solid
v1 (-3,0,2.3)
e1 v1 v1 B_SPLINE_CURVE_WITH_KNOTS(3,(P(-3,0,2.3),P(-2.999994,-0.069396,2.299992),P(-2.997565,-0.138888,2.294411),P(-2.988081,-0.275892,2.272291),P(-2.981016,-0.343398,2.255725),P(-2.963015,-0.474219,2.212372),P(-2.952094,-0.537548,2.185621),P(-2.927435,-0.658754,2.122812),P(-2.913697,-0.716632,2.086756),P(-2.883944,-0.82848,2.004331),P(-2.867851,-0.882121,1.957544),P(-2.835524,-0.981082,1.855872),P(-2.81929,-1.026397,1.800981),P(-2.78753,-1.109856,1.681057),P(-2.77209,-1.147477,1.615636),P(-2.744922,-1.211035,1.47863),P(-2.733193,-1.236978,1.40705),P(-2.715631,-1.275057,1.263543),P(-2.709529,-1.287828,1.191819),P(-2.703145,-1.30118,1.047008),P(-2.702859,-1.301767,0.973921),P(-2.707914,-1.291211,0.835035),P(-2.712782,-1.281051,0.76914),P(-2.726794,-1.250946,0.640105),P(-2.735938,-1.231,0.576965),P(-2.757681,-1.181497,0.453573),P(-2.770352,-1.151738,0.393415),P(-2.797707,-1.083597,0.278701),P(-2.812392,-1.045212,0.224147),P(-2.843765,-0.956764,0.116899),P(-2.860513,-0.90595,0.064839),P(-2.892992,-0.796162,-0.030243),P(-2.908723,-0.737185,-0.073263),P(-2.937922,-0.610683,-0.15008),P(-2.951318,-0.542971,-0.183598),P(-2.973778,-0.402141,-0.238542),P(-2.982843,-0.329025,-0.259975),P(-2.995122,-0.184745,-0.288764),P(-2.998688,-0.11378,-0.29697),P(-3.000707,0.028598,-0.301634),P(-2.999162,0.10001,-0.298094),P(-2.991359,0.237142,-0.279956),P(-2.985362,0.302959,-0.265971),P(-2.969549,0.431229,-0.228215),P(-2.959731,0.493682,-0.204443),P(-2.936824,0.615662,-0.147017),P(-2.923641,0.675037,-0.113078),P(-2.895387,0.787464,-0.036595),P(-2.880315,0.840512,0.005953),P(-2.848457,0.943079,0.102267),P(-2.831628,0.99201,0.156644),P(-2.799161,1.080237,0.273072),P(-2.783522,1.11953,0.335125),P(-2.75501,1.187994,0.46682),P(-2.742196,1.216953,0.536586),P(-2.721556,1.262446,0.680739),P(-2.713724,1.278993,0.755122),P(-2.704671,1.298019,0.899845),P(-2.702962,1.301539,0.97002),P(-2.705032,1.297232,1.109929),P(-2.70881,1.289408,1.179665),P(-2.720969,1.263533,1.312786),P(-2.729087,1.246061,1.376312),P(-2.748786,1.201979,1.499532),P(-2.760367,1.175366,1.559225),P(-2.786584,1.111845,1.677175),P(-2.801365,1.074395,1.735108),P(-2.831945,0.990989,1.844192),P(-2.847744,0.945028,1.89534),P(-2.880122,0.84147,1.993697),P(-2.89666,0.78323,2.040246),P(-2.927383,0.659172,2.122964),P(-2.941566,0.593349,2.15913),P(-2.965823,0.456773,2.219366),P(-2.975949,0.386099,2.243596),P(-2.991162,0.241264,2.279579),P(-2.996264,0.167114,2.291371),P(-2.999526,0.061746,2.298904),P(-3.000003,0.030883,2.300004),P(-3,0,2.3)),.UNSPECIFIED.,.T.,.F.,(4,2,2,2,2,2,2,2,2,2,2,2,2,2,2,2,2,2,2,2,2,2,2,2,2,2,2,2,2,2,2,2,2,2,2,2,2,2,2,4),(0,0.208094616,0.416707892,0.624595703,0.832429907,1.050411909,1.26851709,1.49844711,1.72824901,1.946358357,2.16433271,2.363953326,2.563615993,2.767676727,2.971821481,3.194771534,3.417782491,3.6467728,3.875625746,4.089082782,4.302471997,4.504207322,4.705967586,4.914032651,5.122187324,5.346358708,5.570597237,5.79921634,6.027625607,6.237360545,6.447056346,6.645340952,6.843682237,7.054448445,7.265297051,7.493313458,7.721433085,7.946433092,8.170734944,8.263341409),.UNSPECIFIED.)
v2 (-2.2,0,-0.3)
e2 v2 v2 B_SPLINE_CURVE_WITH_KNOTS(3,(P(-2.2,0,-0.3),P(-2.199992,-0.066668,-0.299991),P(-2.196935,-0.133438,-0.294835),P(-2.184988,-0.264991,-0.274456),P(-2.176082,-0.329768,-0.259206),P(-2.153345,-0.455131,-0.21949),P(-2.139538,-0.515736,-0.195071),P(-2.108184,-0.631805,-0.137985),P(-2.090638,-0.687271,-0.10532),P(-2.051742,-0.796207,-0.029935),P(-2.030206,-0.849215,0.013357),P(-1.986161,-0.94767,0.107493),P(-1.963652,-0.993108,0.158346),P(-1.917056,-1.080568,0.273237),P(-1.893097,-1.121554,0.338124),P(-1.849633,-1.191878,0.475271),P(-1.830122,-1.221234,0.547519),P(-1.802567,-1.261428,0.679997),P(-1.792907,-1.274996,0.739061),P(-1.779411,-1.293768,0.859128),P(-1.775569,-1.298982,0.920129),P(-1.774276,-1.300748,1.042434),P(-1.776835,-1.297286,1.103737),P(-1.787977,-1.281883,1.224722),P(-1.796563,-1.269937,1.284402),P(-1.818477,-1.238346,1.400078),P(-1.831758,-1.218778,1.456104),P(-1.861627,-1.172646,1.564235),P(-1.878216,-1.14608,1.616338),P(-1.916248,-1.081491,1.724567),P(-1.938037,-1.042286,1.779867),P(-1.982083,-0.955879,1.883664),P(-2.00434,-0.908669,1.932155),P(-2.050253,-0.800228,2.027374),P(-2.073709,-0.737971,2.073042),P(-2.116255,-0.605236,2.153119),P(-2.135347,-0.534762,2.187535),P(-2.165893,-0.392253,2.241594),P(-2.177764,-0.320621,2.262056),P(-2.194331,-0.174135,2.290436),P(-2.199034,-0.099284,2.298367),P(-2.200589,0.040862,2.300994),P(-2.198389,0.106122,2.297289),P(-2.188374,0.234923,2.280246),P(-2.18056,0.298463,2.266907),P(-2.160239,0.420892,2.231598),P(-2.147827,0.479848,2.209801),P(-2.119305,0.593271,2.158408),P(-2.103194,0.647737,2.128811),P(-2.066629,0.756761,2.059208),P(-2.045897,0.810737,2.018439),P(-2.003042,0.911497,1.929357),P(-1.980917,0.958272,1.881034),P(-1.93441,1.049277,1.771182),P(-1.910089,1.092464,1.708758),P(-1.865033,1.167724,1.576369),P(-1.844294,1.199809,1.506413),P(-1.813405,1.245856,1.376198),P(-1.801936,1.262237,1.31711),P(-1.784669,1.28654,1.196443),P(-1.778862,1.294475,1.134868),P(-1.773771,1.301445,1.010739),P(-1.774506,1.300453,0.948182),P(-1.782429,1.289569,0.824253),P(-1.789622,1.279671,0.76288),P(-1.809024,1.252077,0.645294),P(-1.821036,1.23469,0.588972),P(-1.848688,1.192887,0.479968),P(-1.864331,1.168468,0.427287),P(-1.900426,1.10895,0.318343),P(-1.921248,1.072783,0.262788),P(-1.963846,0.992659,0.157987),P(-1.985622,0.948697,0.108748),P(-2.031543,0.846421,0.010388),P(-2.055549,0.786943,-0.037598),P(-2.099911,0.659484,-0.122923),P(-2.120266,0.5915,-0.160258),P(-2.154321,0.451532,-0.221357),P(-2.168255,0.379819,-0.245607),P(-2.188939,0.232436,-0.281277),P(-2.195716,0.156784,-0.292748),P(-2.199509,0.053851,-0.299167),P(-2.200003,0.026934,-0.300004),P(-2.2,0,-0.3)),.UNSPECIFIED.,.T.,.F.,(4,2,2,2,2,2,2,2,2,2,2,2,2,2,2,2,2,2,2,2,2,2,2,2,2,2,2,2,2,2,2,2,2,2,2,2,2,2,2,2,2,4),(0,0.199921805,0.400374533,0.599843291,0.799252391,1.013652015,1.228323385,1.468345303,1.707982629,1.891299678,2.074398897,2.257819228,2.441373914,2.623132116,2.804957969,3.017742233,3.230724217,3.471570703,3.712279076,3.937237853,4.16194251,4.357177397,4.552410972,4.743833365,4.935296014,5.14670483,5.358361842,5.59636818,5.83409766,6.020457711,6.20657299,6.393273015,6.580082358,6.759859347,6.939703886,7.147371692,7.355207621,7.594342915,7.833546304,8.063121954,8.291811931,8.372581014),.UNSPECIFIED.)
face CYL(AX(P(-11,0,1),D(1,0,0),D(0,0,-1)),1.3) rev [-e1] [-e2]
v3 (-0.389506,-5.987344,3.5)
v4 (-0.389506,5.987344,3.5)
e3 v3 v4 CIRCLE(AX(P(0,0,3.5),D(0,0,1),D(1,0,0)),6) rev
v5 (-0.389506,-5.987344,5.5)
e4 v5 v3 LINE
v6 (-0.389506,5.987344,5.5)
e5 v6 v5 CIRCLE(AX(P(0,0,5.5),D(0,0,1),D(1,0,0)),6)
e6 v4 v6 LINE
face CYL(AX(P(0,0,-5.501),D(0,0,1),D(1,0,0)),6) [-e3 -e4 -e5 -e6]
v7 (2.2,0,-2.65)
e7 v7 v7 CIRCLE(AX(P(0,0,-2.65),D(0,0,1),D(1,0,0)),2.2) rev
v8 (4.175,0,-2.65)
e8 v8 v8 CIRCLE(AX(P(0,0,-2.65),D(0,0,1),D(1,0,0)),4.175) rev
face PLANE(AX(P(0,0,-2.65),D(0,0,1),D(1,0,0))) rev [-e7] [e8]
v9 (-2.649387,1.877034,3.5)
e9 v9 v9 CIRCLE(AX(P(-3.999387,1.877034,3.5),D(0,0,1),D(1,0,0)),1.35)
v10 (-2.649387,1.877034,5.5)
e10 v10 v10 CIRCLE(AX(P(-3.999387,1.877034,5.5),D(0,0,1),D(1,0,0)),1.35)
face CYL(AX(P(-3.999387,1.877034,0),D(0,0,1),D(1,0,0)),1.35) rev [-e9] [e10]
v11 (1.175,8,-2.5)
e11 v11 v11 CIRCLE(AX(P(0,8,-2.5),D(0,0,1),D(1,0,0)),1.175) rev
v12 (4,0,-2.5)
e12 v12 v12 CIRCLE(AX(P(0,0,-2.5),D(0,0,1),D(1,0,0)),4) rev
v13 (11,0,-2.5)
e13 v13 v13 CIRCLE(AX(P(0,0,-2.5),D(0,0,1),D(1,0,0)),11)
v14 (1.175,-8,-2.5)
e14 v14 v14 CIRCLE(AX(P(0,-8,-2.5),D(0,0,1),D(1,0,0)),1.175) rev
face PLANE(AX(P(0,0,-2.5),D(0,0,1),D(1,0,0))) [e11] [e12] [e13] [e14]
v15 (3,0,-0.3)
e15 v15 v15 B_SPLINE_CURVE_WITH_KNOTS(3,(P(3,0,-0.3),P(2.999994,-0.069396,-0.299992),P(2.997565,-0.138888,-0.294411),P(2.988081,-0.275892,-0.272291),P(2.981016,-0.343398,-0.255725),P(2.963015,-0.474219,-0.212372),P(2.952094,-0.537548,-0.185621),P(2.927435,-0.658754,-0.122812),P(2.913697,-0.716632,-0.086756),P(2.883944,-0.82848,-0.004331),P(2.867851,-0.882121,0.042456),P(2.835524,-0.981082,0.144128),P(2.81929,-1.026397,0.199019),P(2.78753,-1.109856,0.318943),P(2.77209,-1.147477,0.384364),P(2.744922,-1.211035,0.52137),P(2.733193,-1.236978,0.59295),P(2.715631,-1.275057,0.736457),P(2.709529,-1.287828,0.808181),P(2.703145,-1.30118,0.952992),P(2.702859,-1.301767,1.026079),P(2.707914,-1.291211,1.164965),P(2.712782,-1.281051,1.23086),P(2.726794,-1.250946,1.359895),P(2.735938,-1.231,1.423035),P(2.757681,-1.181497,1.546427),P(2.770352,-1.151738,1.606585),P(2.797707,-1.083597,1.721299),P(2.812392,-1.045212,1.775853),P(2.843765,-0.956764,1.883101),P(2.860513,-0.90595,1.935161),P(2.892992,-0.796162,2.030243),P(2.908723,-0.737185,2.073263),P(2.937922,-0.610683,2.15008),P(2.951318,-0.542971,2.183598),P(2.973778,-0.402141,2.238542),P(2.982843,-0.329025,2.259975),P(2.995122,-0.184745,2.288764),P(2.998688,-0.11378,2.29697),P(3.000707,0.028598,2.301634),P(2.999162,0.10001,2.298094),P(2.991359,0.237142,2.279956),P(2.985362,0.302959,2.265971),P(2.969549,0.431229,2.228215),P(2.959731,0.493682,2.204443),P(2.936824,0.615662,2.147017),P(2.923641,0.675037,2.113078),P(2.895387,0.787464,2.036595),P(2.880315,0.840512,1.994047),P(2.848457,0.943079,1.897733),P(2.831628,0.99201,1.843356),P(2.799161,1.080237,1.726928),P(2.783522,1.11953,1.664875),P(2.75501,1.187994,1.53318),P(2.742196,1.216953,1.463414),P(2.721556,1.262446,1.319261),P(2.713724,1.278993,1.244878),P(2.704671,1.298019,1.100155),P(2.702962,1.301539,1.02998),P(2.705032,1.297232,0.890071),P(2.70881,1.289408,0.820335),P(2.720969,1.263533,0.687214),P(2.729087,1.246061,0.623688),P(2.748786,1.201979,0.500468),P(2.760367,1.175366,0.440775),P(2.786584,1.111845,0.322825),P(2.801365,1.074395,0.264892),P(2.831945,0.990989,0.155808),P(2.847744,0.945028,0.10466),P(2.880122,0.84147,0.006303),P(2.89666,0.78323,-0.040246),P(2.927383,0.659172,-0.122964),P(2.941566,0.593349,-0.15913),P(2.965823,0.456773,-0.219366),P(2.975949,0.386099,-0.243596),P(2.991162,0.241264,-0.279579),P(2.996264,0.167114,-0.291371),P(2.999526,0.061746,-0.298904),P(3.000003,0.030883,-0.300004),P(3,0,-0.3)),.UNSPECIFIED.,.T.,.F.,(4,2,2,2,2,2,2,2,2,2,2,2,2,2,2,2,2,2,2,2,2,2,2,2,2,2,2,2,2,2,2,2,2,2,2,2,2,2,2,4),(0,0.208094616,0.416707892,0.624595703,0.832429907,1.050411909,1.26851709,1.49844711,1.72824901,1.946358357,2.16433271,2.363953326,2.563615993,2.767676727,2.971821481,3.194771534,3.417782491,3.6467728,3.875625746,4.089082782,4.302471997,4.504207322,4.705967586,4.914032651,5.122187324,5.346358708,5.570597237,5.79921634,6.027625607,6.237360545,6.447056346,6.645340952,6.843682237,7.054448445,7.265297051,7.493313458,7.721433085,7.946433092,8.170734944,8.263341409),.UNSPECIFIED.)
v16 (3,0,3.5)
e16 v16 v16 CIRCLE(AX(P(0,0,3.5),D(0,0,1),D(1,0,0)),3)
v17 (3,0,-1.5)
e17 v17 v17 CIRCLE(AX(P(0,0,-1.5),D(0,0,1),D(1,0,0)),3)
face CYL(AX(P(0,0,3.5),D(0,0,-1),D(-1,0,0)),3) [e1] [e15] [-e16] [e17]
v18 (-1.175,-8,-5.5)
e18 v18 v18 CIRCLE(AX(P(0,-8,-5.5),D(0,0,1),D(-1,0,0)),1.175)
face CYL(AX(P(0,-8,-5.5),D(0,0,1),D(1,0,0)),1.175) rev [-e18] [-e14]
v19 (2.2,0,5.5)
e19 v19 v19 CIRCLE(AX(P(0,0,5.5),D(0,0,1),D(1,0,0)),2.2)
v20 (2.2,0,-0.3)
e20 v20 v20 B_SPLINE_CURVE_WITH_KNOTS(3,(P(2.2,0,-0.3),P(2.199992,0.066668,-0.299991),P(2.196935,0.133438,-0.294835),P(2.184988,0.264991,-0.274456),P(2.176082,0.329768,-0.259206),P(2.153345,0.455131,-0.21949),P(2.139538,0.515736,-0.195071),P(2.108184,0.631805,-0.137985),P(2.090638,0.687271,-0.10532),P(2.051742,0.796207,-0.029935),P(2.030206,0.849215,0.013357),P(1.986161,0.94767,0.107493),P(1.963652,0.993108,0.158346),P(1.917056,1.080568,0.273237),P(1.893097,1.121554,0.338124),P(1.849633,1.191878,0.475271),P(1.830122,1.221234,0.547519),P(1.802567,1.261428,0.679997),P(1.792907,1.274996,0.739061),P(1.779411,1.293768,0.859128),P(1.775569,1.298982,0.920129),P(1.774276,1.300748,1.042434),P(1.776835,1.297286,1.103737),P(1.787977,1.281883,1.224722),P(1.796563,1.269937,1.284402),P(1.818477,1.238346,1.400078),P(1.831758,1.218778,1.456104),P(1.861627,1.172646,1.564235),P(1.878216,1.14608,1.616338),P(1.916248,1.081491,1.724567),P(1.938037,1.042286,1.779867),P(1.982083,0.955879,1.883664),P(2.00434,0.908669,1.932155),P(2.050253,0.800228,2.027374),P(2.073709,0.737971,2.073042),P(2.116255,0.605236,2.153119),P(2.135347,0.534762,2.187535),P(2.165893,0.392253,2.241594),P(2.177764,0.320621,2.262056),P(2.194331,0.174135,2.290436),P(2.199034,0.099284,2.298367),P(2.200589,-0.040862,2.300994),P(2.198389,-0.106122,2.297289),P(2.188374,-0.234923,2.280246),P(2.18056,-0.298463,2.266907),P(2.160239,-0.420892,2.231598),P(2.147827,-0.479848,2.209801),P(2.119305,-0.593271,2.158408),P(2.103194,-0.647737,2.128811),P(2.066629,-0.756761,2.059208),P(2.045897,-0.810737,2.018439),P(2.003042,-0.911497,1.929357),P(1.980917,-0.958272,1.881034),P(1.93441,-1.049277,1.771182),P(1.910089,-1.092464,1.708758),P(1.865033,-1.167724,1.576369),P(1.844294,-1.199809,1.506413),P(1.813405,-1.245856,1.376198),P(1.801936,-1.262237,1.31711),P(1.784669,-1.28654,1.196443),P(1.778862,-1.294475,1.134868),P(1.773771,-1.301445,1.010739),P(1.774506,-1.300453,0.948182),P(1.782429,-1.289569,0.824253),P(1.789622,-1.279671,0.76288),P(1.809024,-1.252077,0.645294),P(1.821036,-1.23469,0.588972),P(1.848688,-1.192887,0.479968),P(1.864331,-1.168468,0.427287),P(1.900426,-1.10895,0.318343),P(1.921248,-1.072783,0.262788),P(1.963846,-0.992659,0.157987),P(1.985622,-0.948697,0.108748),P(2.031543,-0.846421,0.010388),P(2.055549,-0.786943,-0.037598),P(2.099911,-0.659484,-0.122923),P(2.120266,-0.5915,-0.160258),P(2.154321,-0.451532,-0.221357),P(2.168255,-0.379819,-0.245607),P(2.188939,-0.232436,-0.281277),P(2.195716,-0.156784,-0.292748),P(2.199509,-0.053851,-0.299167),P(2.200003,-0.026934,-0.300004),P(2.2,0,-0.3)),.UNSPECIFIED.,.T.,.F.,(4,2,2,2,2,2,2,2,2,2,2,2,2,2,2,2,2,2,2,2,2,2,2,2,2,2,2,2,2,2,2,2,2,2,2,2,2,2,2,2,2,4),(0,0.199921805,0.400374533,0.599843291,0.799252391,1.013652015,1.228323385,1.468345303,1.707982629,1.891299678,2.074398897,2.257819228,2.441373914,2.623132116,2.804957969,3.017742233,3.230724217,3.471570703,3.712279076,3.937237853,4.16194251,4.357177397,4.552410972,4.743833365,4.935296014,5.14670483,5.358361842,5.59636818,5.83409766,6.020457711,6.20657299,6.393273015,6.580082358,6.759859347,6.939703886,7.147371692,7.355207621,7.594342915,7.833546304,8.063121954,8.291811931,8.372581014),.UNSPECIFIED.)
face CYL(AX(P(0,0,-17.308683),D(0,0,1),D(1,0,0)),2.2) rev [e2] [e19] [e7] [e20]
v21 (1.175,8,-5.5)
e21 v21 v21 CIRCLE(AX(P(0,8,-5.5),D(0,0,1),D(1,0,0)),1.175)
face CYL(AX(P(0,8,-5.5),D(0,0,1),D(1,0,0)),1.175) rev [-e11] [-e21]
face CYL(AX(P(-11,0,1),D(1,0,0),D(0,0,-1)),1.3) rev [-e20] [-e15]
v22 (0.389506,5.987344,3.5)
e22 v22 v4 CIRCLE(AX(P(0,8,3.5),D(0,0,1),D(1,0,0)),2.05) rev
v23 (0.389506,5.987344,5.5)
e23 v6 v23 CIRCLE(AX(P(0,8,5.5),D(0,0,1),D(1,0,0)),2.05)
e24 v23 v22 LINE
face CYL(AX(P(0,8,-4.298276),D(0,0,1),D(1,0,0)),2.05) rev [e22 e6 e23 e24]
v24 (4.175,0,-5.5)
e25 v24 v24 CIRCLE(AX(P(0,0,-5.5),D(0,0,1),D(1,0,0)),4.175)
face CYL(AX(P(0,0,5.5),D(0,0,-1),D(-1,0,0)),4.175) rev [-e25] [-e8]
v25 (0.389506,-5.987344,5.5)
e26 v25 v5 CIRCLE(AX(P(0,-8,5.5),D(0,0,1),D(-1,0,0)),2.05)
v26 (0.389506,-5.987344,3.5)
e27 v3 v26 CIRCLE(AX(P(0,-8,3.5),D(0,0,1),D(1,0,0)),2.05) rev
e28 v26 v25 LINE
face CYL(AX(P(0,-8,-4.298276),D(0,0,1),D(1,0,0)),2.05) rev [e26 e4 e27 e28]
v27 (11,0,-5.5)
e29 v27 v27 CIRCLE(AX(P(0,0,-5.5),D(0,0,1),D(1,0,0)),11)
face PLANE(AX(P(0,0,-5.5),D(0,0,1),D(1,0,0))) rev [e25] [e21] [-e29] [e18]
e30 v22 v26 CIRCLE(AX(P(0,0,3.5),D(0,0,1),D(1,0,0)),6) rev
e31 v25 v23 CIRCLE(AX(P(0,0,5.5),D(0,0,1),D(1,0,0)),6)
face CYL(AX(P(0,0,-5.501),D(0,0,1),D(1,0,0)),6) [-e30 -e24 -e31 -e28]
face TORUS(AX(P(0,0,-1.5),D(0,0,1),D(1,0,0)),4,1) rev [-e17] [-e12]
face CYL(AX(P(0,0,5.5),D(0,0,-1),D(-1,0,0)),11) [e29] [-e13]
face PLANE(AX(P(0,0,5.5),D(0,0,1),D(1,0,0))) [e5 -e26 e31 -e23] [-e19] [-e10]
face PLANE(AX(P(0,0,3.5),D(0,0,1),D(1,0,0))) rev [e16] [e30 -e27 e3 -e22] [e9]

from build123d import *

# Parameters (mm, degrees)
SKETCH1_R                = 11
SKETCH1_R_2              = 4.175
MAIN_BODY_DEPTH          = 5.5
SKETCH2_R                = 4.175
SKETCH2_R_2              = 2.2
MAIN_BOLT_SURFACE_DEPTH  = 8.15
SKETCH7_R                = 1.175
CUT_EXTRUDE4_DEPTH       = 12
SKETCH8_R                = 2.05
CUT_EXTRUDE5_DEPTH       = 2
CUT_EXTRUDE9_START       = -2.5
SKETCH11_R               = 11
SKETCH11_R_2             = 3
CUT_EXTRUDE9_DEPTH       = 6
CUT_EXTRUDE10_REACH      = 13
SKETCH10_R               = 11
SKETCH10_R_2             = 6
FILLET2_R                = 1
SKETCH12_R               = 1.3
CUT_EXTRUDE12_DEPTH      = 12
CUT_EXTRUDE12_DEPTH_BACK = 12
SKETCH13_R               = 1.35
CUT_EXTRUDE13_DEPTH      = 5.5


with BuildPart() as part:
    # Sketch1 → Main Body (new body, symmetric)
    with BuildSketch(Plane.XY):
        Circle(SKETCH1_R)
        Circle(SKETCH1_R_2, mode=Mode.SUBTRACT)
    extrude(amount=MAIN_BODY_DEPTH, both=True)

    # Sketch2 → Main Bolt Surface (add)
    with BuildSketch(Plane.XY.offset(5.5)):
        Circle(SKETCH2_R)
        Circle(SKETCH2_R_2, mode=Mode.SUBTRACT)
    extrude(amount=-MAIN_BOLT_SURFACE_DEPTH)

    # Sketch7 → Cut-Extrude4 (cut, through all)
    with BuildSketch(Plane.XY.offset(5.5)):
        with Locations((0, -8)):
            Circle(SKETCH7_R)
        with Locations((0, 8)):
            Circle(SKETCH7_R)
    extrude(amount=-CUT_EXTRUDE4_DEPTH, mode=Mode.SUBTRACT)

    # Sketch8 → Cut-Extrude5 (cut)
    with BuildSketch(Plane.XY.offset(5.5)):
        with Locations((0, 8)):
            Circle(SKETCH8_R)
        with Locations((0, -8)):
            Circle(SKETCH8_R)
    extrude(amount=-CUT_EXTRUDE5_DEPTH, mode=Mode.SUBTRACT)

    # Sketch11 → Cut-Extrude9 (cut)
    with BuildSketch(Plane.XY.offset(CUT_EXTRUDE9_START)):
        Circle(SKETCH11_R)
        Circle(SKETCH11_R_2, mode=Mode.SUBTRACT)
    extrude(amount=CUT_EXTRUDE9_DEPTH, mode=Mode.SUBTRACT)

    # Sketch10 → Cut-Extrude10 (cut, up to next)
    with BuildSketch(Plane.XY.offset(5.5), mode=Mode.PRIVATE) as cut_extrude10_sk1:
        Circle(SKETCH10_R)
        Circle(SKETCH10_R_2, mode=Mode.SUBTRACT)
    cut_extrude10_tool1 = extrude(cut_extrude10_sk1.sketch, amount=-CUT_EXTRUDE10_REACH, mode=Mode.PRIVATE) & part.part
    add(cut_extrude10_tool1.solids().sort_by_distance((-10.688873, 0, 5.5))[0], mode=Mode.SUBTRACT)

    # Fillet2
    fillet2_edges = [part.edges().sort_by_distance(p)[0] for p in [
        (-3, 0, -2.5),
    ]]
    fillet(fillet2_edges, radius=FILLET2_R)

    # Sketch12 → Cut-Extrude12 (cut, two sides)
    with BuildSketch(Plane(origin=(0, 0, 0), x_dir=(0, 0, -1), z_dir=(1, 0, 0))) as cut_extrude12_sk:
        with Locations((-1, 0)):
            Circle(SKETCH12_R)
    extrude(amount=CUT_EXTRUDE12_DEPTH, mode=Mode.SUBTRACT)
    extrude(cut_extrude12_sk.sketch, amount=-CUT_EXTRUDE12_DEPTH_BACK, mode=Mode.SUBTRACT)

    # Sketch13 → Cut-Extrude13 (cut)
    with BuildSketch(Plane.XY.offset(5.5)):
        with Locations((-3.999386509, 1.877034489)):
            Circle(SKETCH13_R)
    extrude(amount=-CUT_EXTRUDE13_DEPTH, mode=Mode.SUBTRACT)


solid = part.part
